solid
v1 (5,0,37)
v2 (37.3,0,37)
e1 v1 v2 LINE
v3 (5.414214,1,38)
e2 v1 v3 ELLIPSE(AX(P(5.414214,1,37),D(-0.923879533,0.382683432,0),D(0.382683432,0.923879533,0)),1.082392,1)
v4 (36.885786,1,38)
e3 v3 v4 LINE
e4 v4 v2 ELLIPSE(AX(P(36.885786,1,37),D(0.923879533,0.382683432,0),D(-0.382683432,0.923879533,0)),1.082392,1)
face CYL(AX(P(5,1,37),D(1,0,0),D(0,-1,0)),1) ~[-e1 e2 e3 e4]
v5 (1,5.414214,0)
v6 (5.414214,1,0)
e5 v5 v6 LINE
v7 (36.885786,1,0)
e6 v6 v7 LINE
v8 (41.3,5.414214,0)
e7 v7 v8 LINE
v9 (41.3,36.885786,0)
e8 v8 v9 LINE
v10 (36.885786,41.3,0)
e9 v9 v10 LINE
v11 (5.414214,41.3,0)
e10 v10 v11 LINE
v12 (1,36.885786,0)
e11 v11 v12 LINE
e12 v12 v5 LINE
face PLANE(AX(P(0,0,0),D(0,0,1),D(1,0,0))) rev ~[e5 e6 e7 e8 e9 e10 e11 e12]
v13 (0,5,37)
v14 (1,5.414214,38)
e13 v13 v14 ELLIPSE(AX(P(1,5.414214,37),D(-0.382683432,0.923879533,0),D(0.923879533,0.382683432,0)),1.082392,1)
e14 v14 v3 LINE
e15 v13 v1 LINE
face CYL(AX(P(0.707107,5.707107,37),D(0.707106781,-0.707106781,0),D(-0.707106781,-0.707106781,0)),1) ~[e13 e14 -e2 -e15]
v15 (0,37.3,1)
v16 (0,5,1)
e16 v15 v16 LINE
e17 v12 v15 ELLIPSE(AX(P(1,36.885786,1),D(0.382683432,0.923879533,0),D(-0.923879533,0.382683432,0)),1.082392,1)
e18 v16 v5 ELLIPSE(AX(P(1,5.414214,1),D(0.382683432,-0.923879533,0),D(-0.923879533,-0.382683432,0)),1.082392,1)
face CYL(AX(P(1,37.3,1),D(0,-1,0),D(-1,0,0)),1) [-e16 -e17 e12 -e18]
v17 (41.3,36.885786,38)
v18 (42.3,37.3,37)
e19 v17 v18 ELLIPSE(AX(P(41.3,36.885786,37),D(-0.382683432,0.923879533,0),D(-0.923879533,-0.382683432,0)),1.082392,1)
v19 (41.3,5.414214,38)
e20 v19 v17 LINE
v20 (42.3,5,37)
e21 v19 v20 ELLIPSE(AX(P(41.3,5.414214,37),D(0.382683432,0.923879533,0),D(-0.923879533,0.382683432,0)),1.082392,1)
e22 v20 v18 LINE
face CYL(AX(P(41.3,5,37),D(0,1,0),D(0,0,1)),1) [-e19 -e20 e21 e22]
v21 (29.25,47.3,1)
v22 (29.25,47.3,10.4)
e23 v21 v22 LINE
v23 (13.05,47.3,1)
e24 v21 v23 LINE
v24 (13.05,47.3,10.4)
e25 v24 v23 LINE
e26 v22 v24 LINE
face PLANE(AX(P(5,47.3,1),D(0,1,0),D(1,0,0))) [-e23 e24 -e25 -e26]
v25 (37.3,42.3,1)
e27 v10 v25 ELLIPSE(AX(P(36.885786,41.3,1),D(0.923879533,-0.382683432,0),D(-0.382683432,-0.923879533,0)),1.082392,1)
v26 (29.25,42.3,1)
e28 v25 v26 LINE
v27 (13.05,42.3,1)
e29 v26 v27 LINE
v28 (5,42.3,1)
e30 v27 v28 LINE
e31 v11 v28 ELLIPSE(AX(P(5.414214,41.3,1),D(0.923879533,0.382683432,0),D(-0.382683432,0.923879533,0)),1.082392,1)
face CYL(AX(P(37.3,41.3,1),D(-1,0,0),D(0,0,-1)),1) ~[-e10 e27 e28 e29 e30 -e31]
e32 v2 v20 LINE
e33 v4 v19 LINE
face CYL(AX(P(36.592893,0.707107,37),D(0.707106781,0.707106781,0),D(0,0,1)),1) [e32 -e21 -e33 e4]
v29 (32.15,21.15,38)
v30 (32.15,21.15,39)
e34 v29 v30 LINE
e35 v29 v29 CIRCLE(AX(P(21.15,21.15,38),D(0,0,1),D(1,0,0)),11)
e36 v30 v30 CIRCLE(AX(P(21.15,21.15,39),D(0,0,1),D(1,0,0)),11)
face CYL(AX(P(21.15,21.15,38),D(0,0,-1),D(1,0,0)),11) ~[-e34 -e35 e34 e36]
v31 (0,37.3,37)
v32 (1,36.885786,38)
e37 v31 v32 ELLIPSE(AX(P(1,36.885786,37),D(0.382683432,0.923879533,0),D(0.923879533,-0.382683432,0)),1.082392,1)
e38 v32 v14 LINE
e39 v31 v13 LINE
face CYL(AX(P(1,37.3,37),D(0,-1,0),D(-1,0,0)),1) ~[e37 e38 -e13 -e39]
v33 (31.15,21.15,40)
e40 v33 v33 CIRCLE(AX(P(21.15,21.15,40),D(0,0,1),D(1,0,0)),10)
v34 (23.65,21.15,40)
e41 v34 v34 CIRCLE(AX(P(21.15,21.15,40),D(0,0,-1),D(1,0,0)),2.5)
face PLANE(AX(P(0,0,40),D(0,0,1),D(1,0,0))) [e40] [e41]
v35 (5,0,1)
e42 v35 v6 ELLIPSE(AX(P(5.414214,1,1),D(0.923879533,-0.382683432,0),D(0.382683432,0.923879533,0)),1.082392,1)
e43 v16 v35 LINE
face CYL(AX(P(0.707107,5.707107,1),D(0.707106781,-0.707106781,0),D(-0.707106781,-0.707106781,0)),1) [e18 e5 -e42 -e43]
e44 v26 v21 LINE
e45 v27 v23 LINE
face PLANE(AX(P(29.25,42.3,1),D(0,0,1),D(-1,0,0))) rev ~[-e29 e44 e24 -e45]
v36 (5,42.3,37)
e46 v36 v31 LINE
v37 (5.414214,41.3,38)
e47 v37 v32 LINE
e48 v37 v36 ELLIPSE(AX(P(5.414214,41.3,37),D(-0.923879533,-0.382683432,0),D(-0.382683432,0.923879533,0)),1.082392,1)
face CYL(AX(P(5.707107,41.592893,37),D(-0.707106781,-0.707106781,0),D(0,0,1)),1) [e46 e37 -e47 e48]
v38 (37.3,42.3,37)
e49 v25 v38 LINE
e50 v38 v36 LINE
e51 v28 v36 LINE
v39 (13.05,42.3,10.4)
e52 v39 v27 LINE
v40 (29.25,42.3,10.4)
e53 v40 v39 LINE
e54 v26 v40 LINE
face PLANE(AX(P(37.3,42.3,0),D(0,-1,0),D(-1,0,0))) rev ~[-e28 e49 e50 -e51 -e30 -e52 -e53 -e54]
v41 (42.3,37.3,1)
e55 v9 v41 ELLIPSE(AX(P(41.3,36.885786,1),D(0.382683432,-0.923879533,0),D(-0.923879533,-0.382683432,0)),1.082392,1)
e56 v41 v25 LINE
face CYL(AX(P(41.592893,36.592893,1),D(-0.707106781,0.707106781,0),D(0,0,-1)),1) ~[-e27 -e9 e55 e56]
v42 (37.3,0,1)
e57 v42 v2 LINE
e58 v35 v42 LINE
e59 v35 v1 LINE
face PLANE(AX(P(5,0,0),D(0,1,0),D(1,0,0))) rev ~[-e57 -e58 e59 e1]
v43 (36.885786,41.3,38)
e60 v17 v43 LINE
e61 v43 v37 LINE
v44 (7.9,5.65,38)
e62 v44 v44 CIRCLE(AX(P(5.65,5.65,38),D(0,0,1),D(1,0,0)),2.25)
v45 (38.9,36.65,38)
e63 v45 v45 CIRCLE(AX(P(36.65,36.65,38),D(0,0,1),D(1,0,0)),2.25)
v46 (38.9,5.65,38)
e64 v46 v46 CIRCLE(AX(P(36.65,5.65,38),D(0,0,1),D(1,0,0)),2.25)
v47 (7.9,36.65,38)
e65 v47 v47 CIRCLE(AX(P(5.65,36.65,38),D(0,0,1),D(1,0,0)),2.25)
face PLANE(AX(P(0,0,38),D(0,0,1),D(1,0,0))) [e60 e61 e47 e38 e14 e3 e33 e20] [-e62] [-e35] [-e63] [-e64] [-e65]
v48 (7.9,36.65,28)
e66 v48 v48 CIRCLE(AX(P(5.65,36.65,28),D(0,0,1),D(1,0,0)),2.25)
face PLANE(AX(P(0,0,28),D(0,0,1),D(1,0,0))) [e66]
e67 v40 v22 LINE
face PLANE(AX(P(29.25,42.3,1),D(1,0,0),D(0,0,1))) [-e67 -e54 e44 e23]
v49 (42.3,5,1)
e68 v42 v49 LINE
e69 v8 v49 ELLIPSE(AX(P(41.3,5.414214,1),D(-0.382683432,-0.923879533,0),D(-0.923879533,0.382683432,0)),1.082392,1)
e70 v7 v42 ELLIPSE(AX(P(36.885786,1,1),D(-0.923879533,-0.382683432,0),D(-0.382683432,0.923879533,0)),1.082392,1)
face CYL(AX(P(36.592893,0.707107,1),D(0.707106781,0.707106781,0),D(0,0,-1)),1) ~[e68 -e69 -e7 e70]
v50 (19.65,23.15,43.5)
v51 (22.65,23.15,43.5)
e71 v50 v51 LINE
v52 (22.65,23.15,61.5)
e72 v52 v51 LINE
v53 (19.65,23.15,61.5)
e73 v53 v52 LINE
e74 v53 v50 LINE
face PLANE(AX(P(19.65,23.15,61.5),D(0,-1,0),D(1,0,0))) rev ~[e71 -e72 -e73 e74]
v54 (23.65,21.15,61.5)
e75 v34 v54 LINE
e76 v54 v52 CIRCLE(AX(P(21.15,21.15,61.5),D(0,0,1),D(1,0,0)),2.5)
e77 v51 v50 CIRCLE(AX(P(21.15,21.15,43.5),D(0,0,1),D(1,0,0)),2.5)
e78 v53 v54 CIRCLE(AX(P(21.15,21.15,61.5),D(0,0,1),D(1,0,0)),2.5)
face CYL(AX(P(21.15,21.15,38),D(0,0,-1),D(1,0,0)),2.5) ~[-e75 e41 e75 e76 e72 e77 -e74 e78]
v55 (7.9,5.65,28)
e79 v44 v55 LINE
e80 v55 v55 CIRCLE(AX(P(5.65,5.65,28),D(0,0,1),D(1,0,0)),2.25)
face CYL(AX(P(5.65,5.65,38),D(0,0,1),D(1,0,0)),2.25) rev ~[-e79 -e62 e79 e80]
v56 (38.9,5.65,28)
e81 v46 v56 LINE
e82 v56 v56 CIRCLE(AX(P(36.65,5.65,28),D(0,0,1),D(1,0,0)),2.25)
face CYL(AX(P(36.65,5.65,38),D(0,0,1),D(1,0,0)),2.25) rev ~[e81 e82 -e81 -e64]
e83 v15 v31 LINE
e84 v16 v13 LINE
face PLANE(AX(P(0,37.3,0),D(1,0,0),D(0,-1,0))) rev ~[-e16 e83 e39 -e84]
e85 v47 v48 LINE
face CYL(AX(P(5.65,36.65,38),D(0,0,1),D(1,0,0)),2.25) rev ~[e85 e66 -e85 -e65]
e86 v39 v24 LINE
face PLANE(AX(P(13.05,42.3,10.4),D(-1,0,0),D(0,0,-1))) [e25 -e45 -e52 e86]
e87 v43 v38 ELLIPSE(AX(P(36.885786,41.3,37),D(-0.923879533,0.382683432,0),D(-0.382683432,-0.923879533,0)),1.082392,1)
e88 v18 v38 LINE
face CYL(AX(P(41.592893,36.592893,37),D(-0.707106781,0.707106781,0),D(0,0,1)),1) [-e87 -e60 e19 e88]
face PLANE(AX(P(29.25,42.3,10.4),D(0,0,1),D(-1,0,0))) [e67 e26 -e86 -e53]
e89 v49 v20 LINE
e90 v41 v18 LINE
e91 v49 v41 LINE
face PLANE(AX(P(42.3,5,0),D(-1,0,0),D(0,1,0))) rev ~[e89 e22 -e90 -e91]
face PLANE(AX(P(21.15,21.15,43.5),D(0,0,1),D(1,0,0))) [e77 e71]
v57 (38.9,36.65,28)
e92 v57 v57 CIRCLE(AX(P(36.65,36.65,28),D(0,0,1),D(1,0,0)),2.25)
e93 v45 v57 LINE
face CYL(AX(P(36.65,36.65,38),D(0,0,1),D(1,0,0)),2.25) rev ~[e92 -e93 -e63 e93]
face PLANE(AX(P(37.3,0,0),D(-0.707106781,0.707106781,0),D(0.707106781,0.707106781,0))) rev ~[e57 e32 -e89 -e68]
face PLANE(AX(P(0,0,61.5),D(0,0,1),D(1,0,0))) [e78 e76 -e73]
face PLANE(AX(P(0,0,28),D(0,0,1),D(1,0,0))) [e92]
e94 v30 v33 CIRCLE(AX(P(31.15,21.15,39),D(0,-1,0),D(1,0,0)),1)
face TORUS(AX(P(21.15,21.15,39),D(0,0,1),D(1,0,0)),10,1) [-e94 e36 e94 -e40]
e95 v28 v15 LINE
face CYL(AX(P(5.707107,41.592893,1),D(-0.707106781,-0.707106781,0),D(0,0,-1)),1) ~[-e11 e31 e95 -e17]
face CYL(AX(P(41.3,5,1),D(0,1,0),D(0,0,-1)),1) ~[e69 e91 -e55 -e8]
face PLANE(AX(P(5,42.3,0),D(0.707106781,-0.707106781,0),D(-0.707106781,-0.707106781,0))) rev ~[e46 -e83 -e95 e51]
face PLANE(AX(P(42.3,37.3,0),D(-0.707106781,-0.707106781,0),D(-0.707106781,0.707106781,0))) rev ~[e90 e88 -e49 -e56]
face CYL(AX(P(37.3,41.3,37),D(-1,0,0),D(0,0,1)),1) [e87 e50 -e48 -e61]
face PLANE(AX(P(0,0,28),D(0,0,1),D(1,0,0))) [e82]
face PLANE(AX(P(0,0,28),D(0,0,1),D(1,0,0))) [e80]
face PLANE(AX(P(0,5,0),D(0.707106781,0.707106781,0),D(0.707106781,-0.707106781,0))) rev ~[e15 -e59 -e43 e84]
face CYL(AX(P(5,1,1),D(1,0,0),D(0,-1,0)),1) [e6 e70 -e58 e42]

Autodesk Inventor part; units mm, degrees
ref_plane "YZ Plane" through (0, 0, 0) normal (1, 0, 0) x (0, 1, 0)
ref_plane "XZ Plane" through (0, 0, 0) normal (0, 1, 0) x (-1, 0, 0)
ref_plane "XY Plane" through (0, 0, 0) normal (0, 0, 1) x (1, 0, 0)
sketch "Sketch1" plane through (0, 0, 0) normal (0, 0, 1) x (1, 0, 0)
  line L0 (5, 0) -> (37.3, 0)
  line L1 (42.3, 5) -> (42.3, 37.3)
  line L2 (37.3, 42.3) -> (5, 42.3)
  line L3 (0, 37.3) -> (0, 5)
  line L4 (5, 42.3) -> (0, 37.3)
  line L5 (42.3, 37.3) -> (37.3, 42.3)
  line L6 (37.3, 0) -> (42.3, 5)
  line L7 (0, 5) -> (5, 0)
  point P0 (0, 0)
  point P1 (42.3, 42.3)
  point P2 (42.3, 0)
  point P3 (0, 42.3)
  dimension "d0" = 42.3
  dimension "d1" = 42.3
  dimension "d2" = 5
  dimension "d3" = 5
  dimension "d4" = 5
  dimension "d5" = 5
  dimension "d6" = 5
  dimension "d7" = 5
  dimension "d8" = 5
  dimension "d9" = 5
extrude "Extrusion1" add sketch "Sketch1" along normal blind 38
sketch "Sketch2" plane through (0, 0, 38) normal (0, 0, 1) x (1, 0, 0)
  line L0 (5.65, 36.65) -> (36.65, 36.65) construction
  line L1 (36.65, 36.65) -> (36.65, 5.65) construction
  line L2 (36.65, 5.65) -> (5.65, 5.65) construction
  line L3 (5.65, 5.65) -> (5.65, 36.65) construction
  line L4 (0, 37.3) -> (0, 5) projected
  line L5 (37.3, 42.3) -> (5, 42.3) projected
  circle A0 centre (5.65, 36.65) radius 2.25
  circle A1 centre (36.65, 36.65) radius 2.25
  circle A2 centre (36.65, 5.65) radius 2.25
  circle A3 centre (5.65, 5.65) radius 2.25
  point P0 (0, 0)
  point P1 (5.65, 21.15)
  point P2 (0, 21.15)
  point P3 (21.15, 36.65)
  point P4 (21.15, 42.3)
  dimension "d12" = 31
  dimension "d13" = 4.5
extrude "Extrusion2" cut sketch "Sketch2" against normal blind 10
sketch "Sketch3" plane through (0, 0, 38) normal (0, 0, 1) x (1, 0, 0)
  circle A0 centre (21.15, 21.15) radius 11
  line L0 (37.3, 42.3) -> (5, 42.3) projected
  line L1 (42.3, 5) -> (42.3, 37.3) projected
  point P0 (0, 0)
  point P1 (21.15, 42.3)
  point P2 (42.3, 21.15)
  dimension "d16" = 22
extrude "Extrusion3" add sketch "Sketch3" along normal blind 2
fillet "Fillet1" radius 1 17 edges at (10.15, 21.15, 40) (21.15, 42.3, 38) (39.8, 39.8, 38) (42.3, 21.15, 38) (39.8, 2.5, 38) (21.15, 0, 38) (2.5, 2.5, 38) (0, 21.15, 38) (2.5, 39.8, 38) (21.15, 42.3, 0) (2.5, 39.8, 0) (39.8, 39.8, 0) (42.3, 21.15, 0) (39.8, 2.5, 0) (21.15, 0, 0) (0, 21.15, 0) (2.5, 2.5, 0)
sketch "Sketch4" plane through (0, 0, 38) normal (0, 0, 1) x (1, 0, 0)
  circle A0 centre (21.15, 21.15) radius 10 projected
  circle A1 centre (21.15, 21.15) radius 2.5
  point P0 (0, 0)
  dimension "d20" = 5
extrude "Extrusion4" add sketch "Sketch4" along normal blind 23.5 contours A1
sketch "Sketch5" plane through (21.15, 21.15, 61.5) normal (0, 0, 1) x (1, 0, 0)
  circle A0 centre (0, 0) radius 2.5 projected
  line L0 (-1.5, 2) -> (1.5, 2)
  circle A1 centre (0, 0) radius 2.5 projected
  point P0 (-21.15, -21.15)
  point P1 (1.5, 2)
  dimension "d23" = 2
extrude "Extrusion5" cut sketch "Sketch5" against normal blind 18 contours L0 A0 picked at (-0.3466, 2.0912)
sketch "Sketch6" plane through (5, 42.3, 1) normal (0, 1, 0) x (1, 0, 0)
  line L0 (32.3, 0) -> (0, 0) projected
  line L1 (8.05, 0) -> (24.25, 0)
  line L2 (24.25, 0) -> (24.25, -9.4)
  line L3 (24.25, -9.4) -> (8.05, -9.4)
  line L4 (8.05, -9.4) -> (8.05, 0)
  point P0 (-5, 1)
  point P1 (16.15, 0)
  point P2 (24.25, 0)
  dimension "d26" = 16.2
  dimension "d27" = 9.4
extrude "Extrusion6" add sketch "Sketch6" along normal blind 5
equation "\"d3\" = d2"
equation "\"d4\" = d2"
equation "\"d5\" = d4"
equation "\"d6\" = d2"
equation "\"d7\" = d6"
equation "\"d8\" = d2"
equation "\"d9\" = d8"
properties part number "Motor Model"
